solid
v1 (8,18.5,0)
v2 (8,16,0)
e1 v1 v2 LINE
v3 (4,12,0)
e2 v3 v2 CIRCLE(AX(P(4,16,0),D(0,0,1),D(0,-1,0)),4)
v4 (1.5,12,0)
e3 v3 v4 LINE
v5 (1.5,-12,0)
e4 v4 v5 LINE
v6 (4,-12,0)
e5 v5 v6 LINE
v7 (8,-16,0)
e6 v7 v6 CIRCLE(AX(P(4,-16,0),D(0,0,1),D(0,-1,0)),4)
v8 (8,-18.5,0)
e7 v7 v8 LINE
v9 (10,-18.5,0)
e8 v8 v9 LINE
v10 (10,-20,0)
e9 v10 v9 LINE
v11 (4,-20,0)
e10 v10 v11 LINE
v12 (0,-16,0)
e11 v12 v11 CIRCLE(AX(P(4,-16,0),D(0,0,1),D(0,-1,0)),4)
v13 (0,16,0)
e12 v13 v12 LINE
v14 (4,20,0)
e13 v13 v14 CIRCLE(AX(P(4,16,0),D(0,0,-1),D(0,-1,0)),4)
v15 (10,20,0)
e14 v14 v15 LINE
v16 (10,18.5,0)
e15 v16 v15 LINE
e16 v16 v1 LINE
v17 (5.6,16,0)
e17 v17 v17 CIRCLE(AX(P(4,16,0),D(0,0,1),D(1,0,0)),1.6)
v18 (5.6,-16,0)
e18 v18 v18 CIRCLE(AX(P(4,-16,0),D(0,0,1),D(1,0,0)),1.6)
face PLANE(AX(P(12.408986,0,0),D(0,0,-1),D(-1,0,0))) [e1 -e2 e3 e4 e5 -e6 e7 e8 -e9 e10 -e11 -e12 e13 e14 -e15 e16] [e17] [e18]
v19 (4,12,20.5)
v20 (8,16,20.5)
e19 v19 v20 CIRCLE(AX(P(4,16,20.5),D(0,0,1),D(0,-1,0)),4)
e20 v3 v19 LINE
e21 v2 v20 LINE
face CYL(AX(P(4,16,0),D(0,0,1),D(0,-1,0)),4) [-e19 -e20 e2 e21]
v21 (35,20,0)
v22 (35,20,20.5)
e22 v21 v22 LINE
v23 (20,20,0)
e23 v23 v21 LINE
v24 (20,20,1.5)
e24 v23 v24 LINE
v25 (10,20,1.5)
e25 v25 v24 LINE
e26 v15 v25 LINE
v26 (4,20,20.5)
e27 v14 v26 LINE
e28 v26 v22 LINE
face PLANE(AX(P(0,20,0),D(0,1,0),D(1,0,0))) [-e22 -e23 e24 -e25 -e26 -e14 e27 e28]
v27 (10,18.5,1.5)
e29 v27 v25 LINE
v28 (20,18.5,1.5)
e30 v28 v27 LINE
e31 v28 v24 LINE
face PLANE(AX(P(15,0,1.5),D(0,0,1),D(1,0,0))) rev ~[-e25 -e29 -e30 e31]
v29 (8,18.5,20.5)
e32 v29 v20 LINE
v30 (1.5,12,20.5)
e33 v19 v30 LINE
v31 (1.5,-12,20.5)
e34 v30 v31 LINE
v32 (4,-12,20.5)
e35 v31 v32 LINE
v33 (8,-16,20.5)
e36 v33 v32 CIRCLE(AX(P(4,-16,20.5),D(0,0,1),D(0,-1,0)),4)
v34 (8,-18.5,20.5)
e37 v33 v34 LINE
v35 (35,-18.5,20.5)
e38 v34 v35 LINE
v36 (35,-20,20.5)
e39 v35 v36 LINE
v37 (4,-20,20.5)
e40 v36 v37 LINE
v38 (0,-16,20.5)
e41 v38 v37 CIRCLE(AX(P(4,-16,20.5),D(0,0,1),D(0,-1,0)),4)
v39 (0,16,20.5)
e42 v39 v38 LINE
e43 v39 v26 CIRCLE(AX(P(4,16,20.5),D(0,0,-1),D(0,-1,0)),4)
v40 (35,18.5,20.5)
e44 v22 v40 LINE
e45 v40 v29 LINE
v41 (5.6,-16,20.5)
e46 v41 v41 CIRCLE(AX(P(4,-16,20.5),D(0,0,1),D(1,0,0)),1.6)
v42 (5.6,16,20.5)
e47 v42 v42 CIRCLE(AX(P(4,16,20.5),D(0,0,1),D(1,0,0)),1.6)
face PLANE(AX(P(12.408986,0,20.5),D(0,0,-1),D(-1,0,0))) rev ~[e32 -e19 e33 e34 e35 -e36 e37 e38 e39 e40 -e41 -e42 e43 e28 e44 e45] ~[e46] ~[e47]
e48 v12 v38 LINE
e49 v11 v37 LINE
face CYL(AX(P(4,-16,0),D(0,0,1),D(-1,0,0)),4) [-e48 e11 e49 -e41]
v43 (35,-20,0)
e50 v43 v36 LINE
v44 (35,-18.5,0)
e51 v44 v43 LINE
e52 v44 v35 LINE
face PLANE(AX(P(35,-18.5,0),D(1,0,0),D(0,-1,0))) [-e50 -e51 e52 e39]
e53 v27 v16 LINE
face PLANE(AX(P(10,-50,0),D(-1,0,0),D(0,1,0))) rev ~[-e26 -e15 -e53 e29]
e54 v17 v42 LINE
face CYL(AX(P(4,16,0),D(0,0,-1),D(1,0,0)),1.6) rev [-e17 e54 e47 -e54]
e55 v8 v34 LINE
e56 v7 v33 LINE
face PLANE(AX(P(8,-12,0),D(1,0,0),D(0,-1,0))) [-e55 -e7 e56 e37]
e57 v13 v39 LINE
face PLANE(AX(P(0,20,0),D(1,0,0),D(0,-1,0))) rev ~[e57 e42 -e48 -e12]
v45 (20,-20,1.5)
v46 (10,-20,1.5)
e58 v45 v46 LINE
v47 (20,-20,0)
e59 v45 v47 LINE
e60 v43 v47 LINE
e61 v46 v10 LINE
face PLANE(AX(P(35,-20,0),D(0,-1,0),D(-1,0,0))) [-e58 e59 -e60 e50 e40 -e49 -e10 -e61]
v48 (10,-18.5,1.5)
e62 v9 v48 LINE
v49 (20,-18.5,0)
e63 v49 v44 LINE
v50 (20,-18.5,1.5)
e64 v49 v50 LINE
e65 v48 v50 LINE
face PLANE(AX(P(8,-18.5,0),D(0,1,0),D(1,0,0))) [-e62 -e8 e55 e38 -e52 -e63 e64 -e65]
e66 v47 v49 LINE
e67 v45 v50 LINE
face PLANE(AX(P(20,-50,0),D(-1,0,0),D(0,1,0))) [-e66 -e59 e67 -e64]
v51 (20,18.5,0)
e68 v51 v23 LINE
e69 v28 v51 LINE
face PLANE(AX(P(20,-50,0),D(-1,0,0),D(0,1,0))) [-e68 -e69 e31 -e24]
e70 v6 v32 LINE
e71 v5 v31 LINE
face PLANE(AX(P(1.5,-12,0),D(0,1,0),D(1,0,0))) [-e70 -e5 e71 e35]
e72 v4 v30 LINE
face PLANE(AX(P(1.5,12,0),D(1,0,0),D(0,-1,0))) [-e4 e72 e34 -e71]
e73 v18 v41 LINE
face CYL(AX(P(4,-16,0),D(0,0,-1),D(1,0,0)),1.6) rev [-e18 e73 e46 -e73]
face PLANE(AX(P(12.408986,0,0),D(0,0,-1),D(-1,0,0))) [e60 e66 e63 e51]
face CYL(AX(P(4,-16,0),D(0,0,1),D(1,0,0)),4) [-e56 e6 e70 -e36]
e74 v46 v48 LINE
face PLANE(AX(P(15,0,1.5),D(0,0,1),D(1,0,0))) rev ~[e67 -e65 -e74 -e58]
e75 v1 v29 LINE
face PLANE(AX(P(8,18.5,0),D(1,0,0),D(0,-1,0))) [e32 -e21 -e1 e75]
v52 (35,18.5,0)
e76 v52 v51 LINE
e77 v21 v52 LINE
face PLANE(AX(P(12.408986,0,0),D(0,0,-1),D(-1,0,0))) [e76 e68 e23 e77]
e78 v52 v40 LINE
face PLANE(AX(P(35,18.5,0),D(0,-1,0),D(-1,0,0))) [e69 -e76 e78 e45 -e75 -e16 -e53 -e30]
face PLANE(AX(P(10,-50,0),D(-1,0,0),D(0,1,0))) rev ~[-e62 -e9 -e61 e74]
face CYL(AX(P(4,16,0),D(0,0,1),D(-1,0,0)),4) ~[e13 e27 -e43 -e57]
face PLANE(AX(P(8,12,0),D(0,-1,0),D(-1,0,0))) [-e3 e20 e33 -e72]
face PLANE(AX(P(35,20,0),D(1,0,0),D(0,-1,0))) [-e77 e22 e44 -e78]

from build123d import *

# Parameters (mm, degrees)
SKETCH_R     = 1.6
PAD_DEPTH    = 20.5
SKETCH001_W  = 10
SKETCH001_H  = 100
POCKET_DEPTH = 1.5
FILLET_R     = 4


with BuildPart() as part:
    # Sketch → Pad (new body)
    with BuildSketch(Plane.XY):
        Polygon((0, 12), (0, 20), (35, 20), (35, 18.5), (8, 18.5), (8, 12), (1.5, 12), (1.5, -12), (8, -12), (8, -18.5), (35, -18.5), (35, -20), (0, -20), (0, -12), align=None)
        with Locations((4, 16)):
            Circle(SKETCH_R, mode=Mode.SUBTRACT)
        with Locations((4, -16)):
            Circle(SKETCH_R, mode=Mode.SUBTRACT)
    extrude(amount=PAD_DEPTH)

    # Sketch001 → Pocket (cut)
    with BuildSketch(Plane.XY):
        with Locations((15, 0)):
            Rectangle(SKETCH001_W, SKETCH001_H)
    extrude(amount=POCKET_DEPTH, mode=Mode.SUBTRACT)

    # Fillet
    fillet_edges = [part.edges().sort_by_distance(p)[0] for p in [
        (0, -20, 10.25),
        (8, -12, 10.25),
        (8, 12, 10.25),
        (0, 20, 10.25),
    ]]
    fillet(fillet_edges, radius=FILLET_R)


solid = part.part
